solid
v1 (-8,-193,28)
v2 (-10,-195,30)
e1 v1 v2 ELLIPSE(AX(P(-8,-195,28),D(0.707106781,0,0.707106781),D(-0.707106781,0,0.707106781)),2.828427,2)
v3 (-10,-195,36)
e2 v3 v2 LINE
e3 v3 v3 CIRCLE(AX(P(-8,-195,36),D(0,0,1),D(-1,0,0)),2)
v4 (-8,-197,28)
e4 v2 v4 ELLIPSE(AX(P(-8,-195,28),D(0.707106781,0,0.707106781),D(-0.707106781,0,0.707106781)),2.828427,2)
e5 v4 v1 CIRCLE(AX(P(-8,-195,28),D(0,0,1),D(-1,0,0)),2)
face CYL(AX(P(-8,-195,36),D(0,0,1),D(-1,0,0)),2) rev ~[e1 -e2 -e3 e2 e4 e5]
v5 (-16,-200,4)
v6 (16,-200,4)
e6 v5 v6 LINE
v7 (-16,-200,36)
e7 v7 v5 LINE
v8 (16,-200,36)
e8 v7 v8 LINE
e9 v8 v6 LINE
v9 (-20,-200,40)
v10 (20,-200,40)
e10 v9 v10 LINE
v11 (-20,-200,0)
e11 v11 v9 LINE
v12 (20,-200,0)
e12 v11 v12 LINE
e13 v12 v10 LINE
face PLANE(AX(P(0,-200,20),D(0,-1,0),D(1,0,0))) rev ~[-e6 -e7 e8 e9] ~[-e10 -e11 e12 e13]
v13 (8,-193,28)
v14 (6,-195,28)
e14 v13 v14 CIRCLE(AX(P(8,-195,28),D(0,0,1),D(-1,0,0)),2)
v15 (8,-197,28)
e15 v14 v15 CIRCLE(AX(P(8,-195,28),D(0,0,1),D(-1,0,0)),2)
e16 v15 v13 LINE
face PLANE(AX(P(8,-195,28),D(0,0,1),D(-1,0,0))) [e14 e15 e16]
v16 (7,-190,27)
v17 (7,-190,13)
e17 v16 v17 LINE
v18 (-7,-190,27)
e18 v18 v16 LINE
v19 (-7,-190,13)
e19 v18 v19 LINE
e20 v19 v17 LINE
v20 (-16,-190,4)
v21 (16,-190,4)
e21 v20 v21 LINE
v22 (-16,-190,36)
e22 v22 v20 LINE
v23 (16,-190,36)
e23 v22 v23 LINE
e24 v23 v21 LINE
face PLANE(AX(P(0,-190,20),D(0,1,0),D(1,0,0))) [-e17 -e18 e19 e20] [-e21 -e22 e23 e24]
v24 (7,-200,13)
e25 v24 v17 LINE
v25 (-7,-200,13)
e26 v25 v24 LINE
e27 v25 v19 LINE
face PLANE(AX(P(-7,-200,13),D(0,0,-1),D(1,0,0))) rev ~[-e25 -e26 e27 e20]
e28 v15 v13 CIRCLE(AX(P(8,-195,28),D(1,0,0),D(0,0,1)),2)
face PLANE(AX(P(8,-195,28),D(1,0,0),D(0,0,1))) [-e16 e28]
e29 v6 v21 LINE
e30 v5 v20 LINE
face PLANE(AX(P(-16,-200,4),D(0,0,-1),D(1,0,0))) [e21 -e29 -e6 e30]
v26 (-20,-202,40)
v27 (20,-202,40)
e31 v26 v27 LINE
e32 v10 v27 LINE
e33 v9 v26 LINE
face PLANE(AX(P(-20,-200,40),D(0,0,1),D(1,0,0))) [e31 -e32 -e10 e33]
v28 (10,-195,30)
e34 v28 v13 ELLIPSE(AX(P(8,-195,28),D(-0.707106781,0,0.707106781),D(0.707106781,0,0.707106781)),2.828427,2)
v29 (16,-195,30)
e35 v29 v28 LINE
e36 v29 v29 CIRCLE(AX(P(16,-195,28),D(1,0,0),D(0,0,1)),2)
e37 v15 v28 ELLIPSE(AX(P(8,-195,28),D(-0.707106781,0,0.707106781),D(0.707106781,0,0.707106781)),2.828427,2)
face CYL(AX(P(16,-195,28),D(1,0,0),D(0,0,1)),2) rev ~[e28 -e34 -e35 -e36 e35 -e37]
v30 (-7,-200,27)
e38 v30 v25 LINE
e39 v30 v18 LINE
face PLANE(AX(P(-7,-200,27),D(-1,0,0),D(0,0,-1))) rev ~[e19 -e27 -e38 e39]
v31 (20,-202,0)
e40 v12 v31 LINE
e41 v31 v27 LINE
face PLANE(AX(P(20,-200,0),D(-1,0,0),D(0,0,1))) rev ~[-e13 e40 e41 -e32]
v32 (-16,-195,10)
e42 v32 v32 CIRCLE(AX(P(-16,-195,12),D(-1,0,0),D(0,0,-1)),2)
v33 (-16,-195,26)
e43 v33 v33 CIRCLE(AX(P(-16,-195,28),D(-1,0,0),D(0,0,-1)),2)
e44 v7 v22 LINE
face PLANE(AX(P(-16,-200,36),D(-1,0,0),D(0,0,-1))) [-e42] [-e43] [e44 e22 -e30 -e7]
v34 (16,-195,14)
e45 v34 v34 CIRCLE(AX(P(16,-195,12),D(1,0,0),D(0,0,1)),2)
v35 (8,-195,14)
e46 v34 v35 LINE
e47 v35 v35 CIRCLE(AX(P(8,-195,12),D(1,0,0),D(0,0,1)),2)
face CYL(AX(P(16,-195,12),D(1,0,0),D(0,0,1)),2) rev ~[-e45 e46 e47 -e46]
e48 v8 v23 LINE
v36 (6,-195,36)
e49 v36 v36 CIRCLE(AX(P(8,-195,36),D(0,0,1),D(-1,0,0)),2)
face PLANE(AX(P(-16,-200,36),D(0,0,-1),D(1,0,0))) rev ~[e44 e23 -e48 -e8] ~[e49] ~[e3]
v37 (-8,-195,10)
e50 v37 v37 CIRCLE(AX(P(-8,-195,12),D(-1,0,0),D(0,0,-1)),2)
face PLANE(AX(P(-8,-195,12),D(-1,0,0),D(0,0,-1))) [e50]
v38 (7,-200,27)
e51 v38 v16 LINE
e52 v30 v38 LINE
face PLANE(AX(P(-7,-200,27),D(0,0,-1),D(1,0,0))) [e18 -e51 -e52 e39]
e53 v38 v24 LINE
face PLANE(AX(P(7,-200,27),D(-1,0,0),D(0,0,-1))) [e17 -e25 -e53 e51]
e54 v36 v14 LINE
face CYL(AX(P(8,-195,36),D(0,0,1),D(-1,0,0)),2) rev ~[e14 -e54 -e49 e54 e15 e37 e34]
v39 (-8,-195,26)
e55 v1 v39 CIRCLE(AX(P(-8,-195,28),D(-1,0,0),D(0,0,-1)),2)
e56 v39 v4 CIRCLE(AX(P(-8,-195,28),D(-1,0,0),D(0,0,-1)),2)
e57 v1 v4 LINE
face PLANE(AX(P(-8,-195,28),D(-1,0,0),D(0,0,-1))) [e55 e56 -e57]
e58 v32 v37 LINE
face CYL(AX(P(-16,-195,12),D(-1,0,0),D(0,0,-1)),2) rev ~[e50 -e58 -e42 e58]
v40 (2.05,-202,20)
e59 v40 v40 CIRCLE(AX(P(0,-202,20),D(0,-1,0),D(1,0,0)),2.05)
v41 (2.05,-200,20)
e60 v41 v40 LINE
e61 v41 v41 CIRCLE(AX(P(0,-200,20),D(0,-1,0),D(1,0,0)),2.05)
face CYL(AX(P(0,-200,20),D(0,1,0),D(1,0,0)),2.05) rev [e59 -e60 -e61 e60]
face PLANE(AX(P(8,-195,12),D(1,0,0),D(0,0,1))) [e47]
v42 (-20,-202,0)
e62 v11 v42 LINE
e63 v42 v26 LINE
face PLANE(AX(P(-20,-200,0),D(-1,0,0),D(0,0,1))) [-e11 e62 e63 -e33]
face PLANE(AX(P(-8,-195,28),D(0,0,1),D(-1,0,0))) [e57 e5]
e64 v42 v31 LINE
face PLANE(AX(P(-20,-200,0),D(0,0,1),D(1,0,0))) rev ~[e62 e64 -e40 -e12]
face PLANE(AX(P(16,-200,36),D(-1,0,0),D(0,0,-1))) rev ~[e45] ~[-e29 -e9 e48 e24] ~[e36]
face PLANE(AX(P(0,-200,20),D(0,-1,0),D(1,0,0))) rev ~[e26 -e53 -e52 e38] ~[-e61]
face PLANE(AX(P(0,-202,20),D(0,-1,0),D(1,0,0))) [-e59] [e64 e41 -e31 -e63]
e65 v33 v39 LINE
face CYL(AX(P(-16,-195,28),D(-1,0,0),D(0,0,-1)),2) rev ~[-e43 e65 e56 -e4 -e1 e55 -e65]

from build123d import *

# Parameters (mm, degrees)
SKETCH003_W     = 40
SKETCH003_H     = 40
SKETCH003_R     = 2.05
PAD003_DEPTH    = 2
SKETCH006_W     = 32
SKETCH006_H     = 32
SKETCH006_W_2   = 14
SKETCH006_H_2   = 14
PAD005_DEPTH    = 10
SKETCH029_R     = 2
POCKET010_DEPTH = 8
SKETCH030_R     = 2
POCKET011_DEPTH = 8
SKETCH031_R     = 2
POCKET012_DEPTH = 8


with BuildPart() as part:
    # Sketch003 → Pad003 (new body)
    with BuildSketch(Plane.XZ):
        with Locations((0, 20)):
            Rectangle(SKETCH003_W, SKETCH003_H)
        with Locations((0, 20)):
            Circle(SKETCH003_R, mode=Mode.SUBTRACT)
    extrude(amount=PAD003_DEPTH)

    # Sketch006 (on Face6 of Pad003) → Pad005 (join)
    with BuildSketch(Plane(origin=(0, 0, 0), x_dir=(1, 0, 0), z_dir=(0, 1, 0))):
        with Locations((0, -20)):
            Rectangle(SKETCH006_W, SKETCH006_H)
        with Locations((0, -20)):
            Rectangle(SKETCH006_W_2, SKETCH006_H_2, mode=Mode.SUBTRACT)
    extrude(amount=PAD005_DEPTH)

    # Sketch029 (on Face8 of Pad005) → Pocket010 (cut)
    with BuildSketch(Plane(origin=(0, 0, 36), x_dir=(-1, 0, 0), z_dir=(0, 0, 1))):
        with Locations((-8, -5)):
            Circle(SKETCH029_R)
        with Locations((8, -5)):
            Circle(SKETCH029_R)
    extrude(amount=-POCKET010_DEPTH, mode=Mode.SUBTRACT)

    # Sketch030 (on Face7 of Pocket010) → Pocket011 (cut)
    with BuildSketch(Plane(origin=(-16, 0, 0), x_dir=(0, 0, -1), z_dir=(-1, 0, 0))):
        with Locations((-28, -5)):
            Circle(SKETCH030_R)
        with Locations((-12, -5)):
            Circle(SKETCH030_R)
    extrude(amount=-POCKET011_DEPTH, mode=Mode.SUBTRACT)

    # Sketch031 (on Face9 of Pocket011) → Pocket012 (cut)
    with BuildSketch(Plane(origin=(16, 0, 0), x_dir=(0, 0, 1), z_dir=(1, 0, 0))):
        with Locations((12, -5)):
            Circle(SKETCH031_R)
        with Locations((28, -5)):
            Circle(SKETCH031_R)
    extrude(amount=-POCKET012_DEPTH, mode=Mode.SUBTRACT)


with BuildPart() as part_1:
    # Body003 placement: moved
    add(part.part.moved(Location((0, -200, 0))))


solid = part_1.part
